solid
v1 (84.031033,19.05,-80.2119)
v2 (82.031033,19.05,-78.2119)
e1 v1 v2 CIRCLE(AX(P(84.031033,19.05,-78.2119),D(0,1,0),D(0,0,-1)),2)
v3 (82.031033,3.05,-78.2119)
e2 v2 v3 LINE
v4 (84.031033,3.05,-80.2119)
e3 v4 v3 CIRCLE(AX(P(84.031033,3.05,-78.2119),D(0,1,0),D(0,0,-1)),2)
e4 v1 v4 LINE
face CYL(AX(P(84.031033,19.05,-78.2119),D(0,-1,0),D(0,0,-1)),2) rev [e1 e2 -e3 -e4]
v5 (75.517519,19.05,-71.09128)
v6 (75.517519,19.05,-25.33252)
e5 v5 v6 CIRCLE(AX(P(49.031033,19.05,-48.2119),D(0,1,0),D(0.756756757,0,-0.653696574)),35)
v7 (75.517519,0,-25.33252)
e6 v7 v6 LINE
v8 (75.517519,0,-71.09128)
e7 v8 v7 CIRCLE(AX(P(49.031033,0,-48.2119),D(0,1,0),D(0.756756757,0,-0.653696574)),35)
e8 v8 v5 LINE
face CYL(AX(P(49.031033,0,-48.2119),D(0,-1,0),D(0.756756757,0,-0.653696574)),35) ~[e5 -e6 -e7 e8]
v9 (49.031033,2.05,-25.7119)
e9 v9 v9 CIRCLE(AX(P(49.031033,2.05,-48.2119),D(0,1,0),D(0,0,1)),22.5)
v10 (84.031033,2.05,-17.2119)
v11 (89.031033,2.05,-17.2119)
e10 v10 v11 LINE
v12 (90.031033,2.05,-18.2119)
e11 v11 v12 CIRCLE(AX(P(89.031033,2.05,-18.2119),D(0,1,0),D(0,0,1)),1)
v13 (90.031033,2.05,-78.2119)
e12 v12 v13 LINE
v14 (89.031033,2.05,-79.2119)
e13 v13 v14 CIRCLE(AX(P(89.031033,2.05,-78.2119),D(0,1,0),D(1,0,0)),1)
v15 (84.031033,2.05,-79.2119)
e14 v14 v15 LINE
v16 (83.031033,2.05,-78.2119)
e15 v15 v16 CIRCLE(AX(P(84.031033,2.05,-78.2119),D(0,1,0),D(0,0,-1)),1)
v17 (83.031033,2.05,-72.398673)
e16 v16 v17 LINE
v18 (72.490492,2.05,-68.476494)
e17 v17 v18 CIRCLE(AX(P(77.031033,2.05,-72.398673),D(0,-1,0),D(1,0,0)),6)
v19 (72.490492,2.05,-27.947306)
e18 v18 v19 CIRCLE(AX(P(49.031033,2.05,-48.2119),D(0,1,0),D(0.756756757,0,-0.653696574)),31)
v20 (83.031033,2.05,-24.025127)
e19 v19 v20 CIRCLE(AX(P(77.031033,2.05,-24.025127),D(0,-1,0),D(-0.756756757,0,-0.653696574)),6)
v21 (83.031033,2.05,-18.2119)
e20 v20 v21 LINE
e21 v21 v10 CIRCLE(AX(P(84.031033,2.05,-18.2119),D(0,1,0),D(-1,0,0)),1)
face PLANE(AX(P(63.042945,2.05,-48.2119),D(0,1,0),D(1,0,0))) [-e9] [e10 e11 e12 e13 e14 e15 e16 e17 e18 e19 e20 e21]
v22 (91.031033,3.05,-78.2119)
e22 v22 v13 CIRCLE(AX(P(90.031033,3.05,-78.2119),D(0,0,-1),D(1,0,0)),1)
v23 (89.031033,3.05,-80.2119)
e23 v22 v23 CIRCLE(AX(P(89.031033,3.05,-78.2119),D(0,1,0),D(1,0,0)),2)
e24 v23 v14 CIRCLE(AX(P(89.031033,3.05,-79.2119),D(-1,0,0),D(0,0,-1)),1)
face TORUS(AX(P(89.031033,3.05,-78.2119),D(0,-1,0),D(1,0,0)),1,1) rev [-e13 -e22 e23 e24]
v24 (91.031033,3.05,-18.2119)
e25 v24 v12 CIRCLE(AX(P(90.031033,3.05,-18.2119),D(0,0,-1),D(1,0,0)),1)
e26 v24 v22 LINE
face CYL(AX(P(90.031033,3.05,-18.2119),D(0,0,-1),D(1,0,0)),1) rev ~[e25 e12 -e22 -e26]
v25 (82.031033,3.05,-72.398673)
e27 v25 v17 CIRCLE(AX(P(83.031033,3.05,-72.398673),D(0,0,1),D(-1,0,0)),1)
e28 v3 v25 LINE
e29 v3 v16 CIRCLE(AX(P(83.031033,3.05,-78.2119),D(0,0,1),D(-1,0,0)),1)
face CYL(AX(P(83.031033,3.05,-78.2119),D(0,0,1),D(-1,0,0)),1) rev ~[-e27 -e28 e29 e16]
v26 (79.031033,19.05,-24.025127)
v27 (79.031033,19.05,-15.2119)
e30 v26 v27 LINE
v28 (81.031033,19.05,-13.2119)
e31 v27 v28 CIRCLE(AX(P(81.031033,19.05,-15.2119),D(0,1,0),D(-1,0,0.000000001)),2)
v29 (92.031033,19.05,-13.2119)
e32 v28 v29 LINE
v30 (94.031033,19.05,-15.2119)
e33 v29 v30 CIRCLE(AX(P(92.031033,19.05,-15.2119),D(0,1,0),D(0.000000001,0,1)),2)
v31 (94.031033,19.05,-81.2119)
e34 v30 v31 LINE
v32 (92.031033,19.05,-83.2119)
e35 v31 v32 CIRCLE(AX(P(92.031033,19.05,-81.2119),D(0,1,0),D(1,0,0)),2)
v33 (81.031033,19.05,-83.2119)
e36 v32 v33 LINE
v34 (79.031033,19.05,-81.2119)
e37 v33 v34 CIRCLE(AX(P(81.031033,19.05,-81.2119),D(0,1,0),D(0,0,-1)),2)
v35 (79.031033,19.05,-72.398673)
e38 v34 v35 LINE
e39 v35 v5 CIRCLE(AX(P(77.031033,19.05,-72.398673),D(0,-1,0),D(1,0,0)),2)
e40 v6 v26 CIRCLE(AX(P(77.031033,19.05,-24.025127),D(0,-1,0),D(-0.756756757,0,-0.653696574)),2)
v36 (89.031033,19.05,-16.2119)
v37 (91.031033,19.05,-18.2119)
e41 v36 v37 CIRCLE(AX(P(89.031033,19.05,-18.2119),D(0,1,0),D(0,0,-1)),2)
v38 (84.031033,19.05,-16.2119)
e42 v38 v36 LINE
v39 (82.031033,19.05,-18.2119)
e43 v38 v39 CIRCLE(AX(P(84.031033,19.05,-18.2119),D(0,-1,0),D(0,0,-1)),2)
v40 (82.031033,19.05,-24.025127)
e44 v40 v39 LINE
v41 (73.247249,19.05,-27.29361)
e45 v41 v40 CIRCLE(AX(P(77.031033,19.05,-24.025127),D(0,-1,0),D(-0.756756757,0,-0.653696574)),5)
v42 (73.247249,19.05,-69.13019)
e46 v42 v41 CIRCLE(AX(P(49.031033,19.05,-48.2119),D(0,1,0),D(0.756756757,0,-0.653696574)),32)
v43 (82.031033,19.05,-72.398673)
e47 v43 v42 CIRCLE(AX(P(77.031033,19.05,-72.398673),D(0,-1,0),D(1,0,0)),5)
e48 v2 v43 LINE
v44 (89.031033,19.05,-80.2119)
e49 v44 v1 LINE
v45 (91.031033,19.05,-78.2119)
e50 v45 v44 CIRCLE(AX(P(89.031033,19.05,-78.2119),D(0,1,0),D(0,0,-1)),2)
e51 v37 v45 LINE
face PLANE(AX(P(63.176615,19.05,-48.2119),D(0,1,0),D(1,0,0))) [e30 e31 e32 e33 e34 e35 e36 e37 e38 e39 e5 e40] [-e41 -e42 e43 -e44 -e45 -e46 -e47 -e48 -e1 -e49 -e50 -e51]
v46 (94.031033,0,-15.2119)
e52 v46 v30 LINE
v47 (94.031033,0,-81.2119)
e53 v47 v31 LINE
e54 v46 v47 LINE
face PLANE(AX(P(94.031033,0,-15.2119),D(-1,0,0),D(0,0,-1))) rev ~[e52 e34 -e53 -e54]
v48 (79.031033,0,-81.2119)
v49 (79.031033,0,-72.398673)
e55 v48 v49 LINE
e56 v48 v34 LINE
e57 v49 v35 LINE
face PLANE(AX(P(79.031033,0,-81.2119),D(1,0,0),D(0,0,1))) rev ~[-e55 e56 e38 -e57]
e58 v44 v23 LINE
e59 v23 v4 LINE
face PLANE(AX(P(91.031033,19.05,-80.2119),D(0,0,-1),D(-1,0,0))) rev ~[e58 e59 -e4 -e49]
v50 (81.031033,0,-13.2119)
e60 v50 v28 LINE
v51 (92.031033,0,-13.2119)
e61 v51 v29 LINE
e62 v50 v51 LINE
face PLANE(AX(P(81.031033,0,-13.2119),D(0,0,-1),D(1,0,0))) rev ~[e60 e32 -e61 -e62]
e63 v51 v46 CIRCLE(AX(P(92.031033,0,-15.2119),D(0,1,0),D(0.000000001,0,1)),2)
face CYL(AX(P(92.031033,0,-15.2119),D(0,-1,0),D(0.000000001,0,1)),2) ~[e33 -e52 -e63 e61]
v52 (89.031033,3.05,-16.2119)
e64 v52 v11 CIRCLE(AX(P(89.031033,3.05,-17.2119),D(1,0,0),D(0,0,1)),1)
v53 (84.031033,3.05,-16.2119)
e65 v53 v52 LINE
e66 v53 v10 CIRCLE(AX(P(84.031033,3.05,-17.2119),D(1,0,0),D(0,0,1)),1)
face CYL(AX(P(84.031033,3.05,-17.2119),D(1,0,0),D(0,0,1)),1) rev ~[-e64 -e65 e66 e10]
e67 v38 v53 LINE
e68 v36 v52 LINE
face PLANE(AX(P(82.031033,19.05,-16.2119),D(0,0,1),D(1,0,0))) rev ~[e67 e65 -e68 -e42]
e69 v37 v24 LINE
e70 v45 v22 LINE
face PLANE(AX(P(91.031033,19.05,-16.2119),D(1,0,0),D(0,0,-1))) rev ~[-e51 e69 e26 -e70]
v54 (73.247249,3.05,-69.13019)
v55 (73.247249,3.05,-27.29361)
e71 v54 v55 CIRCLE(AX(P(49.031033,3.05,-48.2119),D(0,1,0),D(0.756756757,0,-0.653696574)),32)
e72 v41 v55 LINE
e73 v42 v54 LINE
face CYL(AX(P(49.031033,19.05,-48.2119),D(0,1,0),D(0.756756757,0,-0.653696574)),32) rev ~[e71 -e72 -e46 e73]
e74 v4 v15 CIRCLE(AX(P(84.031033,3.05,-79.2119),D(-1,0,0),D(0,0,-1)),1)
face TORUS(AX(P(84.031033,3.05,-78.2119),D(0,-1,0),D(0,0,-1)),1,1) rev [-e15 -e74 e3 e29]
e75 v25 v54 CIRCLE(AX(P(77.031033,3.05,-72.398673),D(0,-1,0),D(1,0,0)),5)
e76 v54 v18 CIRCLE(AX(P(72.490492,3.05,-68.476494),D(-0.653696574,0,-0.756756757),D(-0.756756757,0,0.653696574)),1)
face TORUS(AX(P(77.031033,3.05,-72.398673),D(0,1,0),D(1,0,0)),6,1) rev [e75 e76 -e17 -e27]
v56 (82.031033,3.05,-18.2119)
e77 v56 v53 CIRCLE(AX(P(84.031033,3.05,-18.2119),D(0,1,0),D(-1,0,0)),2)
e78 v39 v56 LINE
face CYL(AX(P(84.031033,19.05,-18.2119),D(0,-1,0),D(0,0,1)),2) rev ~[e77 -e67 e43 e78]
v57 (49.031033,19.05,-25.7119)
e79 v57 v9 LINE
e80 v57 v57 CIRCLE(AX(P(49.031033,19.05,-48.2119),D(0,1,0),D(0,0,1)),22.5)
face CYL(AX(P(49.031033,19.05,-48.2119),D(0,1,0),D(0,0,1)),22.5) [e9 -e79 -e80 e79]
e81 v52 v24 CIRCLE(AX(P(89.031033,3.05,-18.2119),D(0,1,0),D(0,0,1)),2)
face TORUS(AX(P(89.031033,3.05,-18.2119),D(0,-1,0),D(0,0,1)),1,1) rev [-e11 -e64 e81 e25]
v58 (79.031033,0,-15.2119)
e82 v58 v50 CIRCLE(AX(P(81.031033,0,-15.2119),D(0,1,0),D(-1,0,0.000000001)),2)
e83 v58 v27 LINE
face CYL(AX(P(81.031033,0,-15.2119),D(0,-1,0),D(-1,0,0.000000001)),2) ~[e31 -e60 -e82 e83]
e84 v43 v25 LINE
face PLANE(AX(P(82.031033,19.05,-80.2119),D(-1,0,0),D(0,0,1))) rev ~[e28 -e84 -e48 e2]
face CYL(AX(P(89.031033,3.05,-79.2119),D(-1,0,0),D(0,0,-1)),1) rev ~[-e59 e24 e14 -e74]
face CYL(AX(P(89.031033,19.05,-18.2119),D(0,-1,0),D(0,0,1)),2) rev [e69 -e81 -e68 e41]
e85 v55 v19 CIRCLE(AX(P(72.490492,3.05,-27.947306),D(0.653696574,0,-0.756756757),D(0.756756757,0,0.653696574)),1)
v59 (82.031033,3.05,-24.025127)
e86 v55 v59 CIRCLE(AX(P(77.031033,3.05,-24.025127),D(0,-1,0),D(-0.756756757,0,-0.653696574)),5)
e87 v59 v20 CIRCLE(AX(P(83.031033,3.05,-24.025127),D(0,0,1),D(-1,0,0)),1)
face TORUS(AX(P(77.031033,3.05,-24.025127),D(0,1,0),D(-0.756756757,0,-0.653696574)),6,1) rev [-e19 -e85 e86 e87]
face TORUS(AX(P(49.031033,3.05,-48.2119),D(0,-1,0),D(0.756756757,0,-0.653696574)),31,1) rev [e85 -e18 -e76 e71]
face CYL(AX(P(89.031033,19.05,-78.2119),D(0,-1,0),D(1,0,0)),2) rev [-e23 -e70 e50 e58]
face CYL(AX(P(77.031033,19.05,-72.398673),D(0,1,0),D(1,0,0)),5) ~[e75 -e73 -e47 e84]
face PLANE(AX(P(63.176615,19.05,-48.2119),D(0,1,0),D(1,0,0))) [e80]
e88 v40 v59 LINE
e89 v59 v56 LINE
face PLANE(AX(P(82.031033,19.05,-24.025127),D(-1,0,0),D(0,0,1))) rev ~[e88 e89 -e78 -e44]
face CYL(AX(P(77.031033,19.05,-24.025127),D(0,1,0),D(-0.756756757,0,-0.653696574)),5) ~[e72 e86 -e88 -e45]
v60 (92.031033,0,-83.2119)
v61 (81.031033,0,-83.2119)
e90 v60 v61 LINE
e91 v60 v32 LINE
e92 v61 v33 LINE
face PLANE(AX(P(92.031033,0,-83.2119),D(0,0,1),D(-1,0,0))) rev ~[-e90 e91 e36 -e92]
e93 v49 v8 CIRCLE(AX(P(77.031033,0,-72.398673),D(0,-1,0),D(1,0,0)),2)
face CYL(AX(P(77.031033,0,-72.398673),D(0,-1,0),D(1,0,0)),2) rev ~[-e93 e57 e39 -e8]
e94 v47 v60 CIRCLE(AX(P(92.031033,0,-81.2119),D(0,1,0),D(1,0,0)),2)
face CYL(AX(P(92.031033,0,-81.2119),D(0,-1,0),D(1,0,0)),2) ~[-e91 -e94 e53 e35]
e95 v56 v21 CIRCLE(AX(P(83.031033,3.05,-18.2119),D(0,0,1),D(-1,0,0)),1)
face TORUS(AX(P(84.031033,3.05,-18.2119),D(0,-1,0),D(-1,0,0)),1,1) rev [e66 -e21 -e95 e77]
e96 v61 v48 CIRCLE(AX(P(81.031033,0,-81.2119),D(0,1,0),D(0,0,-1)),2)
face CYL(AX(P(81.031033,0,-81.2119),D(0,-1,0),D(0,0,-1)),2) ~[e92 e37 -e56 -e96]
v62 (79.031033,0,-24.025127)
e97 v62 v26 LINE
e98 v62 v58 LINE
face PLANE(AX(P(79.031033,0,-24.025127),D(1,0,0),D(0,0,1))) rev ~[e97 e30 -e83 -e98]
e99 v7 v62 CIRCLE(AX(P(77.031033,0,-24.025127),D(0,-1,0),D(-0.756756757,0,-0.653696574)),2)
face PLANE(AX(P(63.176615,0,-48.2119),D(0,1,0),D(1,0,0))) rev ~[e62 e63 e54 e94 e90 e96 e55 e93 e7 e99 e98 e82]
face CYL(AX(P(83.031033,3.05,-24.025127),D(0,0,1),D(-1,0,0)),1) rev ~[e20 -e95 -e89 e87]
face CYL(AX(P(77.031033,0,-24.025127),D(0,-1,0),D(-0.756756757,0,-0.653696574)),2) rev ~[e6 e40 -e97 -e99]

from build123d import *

# Parameters (mm, degrees)
BOSS_EXTRUDE1_DEPTH = 19.05
SKETCH3_R           = 22.5
CUT_EXTRUDE1_DEPTH  = 17
FILLET1_R           = 2
FILLET2_R           = 1


with BuildPart() as part:
    # Sketch2 → Boss-Extrude1 (new body)
    with BuildSketch(Plane(origin=(0, 0, 0), x_dir=(1, 0, 0), z_dir=(0, 1, 0))):
        with BuildLine():
            Line((79.031032842, 24.025126848), (79.031032842, 15.211900093))
            ThreePointArc((79.031032842, 15.211900093), (79.61681928, 13.797686531), (81.031032842, 13.211900093))
            Line((81.031032842, 13.211900093), (92.031032842, 13.211900093))
            ThreePointArc((92.031032842, 13.211900093), (93.445246404, 13.797686531), (94.031032842, 15.211900093))
            Line((94.031032842, 15.211900093), (94.031032842, 81.211900093))
            ThreePointArc((94.031032842, 81.211900093), (93.445246404, 82.626113656), (92.031032842, 83.211900093))
            Line((92.031032842, 83.211900093), (81.031032842, 83.211900093))
            ThreePointArc((81.031032842, 83.211900093), (79.61681928, 82.626113656), (79.031032842, 81.211900093))
            Line((79.031032842, 81.211900093), (79.031032842, 72.398673338))
            ThreePointArc((79.031032842, 72.398673338), (77.728518675, 70.524236486), (75.517519329, 71.09128019))
            ThreePointArc((75.517519329, 71.09128019), (14.031032842, 48.211900093), (75.517519329, 25.332519997))
            ThreePointArc((75.517519329, 25.332519997), (77.728518675, 25.899563701), (79.031032842, 24.025126848))
        make_face()
    extrude(amount=BOSS_EXTRUDE1_DEPTH)

    # Sketch3 → Cut-Extrude1 (cut)
    with BuildSketch(Plane(origin=(0, 19.05, 0), x_dir=(1, 0, 0), z_dir=(0, 1, 0))):
        with BuildLine():
            Line((82.031032842, 16.211900093), (91.031032842, 16.211900093))
            Line((91.031032842, 16.211900093), (91.031032842, 80.211900093))
            Line((91.031032842, 80.211900093), (82.031032842, 80.211900093))
            Line((82.031032842, 80.211900093), (82.031032842, 72.398673338))
            ThreePointArc((82.031032842, 72.398673338), (78.774747423, 67.712581207), (73.247249058, 69.130190467))
            ThreePointArc((73.247249058, 69.130190467), (17.031032842, 48.211900093), (73.247249058, 27.293609719))
            ThreePointArc((73.247249058, 27.293609719), (78.774747423, 28.711218979), (82.031032842, 24.025126848))
            Line((82.031032842, 24.025126848), (82.031032842, 16.211900093))
        make_face()
        with Locations(Location((49.031032842, 48.211900093, 0), (0, 0, 270))):
            Circle(SKETCH3_R, mode=Mode.SUBTRACT)
    extrude(amount=-CUT_EXTRUDE1_DEPTH, mode=Mode.SUBTRACT)

    # Fillet1
    fillet1_edges = [part.edges().sort_by_distance(p)[0] for p in [
        (82.031032842, 10.55, -16.211900093),
        (82.031032842, 10.55, -80.211900093),
        (91.031032842, 10.55, -80.211900093),
        (91.031032842, 10.55, -16.211900093),
    ]]
    fillet(fillet1_edges, radius=FILLET1_R)

    # Fillet2
    fillet2_edges = [part.edges().sort_by_distance(p)[0] for p in [
        (82.031032842, 2.05, -21.118513471),
        (78.774747423, 2.05, -28.711218979),
        (17.031032842, 2.05, -48.211900093),
        (78.774747423, 2.05, -67.712581207),
        (91.031032842, 2.05, -48.211900093),
        (86.531032842, 2.05, -16.211900093),
        (86.531032842, 2.05, -80.211900093),
        (82.031032842, 2.05, -75.305286716),
        (82.61681928, 2.05, -79.626113656),
        (90.445246404, 2.05, -79.626113656),
        (82.61681928, 2.05, -16.797686531),
        (90.445246404, 2.05, -16.797686531),
    ]]
    fillet(fillet2_edges, radius=FILLET2_R)


solid = part.part
